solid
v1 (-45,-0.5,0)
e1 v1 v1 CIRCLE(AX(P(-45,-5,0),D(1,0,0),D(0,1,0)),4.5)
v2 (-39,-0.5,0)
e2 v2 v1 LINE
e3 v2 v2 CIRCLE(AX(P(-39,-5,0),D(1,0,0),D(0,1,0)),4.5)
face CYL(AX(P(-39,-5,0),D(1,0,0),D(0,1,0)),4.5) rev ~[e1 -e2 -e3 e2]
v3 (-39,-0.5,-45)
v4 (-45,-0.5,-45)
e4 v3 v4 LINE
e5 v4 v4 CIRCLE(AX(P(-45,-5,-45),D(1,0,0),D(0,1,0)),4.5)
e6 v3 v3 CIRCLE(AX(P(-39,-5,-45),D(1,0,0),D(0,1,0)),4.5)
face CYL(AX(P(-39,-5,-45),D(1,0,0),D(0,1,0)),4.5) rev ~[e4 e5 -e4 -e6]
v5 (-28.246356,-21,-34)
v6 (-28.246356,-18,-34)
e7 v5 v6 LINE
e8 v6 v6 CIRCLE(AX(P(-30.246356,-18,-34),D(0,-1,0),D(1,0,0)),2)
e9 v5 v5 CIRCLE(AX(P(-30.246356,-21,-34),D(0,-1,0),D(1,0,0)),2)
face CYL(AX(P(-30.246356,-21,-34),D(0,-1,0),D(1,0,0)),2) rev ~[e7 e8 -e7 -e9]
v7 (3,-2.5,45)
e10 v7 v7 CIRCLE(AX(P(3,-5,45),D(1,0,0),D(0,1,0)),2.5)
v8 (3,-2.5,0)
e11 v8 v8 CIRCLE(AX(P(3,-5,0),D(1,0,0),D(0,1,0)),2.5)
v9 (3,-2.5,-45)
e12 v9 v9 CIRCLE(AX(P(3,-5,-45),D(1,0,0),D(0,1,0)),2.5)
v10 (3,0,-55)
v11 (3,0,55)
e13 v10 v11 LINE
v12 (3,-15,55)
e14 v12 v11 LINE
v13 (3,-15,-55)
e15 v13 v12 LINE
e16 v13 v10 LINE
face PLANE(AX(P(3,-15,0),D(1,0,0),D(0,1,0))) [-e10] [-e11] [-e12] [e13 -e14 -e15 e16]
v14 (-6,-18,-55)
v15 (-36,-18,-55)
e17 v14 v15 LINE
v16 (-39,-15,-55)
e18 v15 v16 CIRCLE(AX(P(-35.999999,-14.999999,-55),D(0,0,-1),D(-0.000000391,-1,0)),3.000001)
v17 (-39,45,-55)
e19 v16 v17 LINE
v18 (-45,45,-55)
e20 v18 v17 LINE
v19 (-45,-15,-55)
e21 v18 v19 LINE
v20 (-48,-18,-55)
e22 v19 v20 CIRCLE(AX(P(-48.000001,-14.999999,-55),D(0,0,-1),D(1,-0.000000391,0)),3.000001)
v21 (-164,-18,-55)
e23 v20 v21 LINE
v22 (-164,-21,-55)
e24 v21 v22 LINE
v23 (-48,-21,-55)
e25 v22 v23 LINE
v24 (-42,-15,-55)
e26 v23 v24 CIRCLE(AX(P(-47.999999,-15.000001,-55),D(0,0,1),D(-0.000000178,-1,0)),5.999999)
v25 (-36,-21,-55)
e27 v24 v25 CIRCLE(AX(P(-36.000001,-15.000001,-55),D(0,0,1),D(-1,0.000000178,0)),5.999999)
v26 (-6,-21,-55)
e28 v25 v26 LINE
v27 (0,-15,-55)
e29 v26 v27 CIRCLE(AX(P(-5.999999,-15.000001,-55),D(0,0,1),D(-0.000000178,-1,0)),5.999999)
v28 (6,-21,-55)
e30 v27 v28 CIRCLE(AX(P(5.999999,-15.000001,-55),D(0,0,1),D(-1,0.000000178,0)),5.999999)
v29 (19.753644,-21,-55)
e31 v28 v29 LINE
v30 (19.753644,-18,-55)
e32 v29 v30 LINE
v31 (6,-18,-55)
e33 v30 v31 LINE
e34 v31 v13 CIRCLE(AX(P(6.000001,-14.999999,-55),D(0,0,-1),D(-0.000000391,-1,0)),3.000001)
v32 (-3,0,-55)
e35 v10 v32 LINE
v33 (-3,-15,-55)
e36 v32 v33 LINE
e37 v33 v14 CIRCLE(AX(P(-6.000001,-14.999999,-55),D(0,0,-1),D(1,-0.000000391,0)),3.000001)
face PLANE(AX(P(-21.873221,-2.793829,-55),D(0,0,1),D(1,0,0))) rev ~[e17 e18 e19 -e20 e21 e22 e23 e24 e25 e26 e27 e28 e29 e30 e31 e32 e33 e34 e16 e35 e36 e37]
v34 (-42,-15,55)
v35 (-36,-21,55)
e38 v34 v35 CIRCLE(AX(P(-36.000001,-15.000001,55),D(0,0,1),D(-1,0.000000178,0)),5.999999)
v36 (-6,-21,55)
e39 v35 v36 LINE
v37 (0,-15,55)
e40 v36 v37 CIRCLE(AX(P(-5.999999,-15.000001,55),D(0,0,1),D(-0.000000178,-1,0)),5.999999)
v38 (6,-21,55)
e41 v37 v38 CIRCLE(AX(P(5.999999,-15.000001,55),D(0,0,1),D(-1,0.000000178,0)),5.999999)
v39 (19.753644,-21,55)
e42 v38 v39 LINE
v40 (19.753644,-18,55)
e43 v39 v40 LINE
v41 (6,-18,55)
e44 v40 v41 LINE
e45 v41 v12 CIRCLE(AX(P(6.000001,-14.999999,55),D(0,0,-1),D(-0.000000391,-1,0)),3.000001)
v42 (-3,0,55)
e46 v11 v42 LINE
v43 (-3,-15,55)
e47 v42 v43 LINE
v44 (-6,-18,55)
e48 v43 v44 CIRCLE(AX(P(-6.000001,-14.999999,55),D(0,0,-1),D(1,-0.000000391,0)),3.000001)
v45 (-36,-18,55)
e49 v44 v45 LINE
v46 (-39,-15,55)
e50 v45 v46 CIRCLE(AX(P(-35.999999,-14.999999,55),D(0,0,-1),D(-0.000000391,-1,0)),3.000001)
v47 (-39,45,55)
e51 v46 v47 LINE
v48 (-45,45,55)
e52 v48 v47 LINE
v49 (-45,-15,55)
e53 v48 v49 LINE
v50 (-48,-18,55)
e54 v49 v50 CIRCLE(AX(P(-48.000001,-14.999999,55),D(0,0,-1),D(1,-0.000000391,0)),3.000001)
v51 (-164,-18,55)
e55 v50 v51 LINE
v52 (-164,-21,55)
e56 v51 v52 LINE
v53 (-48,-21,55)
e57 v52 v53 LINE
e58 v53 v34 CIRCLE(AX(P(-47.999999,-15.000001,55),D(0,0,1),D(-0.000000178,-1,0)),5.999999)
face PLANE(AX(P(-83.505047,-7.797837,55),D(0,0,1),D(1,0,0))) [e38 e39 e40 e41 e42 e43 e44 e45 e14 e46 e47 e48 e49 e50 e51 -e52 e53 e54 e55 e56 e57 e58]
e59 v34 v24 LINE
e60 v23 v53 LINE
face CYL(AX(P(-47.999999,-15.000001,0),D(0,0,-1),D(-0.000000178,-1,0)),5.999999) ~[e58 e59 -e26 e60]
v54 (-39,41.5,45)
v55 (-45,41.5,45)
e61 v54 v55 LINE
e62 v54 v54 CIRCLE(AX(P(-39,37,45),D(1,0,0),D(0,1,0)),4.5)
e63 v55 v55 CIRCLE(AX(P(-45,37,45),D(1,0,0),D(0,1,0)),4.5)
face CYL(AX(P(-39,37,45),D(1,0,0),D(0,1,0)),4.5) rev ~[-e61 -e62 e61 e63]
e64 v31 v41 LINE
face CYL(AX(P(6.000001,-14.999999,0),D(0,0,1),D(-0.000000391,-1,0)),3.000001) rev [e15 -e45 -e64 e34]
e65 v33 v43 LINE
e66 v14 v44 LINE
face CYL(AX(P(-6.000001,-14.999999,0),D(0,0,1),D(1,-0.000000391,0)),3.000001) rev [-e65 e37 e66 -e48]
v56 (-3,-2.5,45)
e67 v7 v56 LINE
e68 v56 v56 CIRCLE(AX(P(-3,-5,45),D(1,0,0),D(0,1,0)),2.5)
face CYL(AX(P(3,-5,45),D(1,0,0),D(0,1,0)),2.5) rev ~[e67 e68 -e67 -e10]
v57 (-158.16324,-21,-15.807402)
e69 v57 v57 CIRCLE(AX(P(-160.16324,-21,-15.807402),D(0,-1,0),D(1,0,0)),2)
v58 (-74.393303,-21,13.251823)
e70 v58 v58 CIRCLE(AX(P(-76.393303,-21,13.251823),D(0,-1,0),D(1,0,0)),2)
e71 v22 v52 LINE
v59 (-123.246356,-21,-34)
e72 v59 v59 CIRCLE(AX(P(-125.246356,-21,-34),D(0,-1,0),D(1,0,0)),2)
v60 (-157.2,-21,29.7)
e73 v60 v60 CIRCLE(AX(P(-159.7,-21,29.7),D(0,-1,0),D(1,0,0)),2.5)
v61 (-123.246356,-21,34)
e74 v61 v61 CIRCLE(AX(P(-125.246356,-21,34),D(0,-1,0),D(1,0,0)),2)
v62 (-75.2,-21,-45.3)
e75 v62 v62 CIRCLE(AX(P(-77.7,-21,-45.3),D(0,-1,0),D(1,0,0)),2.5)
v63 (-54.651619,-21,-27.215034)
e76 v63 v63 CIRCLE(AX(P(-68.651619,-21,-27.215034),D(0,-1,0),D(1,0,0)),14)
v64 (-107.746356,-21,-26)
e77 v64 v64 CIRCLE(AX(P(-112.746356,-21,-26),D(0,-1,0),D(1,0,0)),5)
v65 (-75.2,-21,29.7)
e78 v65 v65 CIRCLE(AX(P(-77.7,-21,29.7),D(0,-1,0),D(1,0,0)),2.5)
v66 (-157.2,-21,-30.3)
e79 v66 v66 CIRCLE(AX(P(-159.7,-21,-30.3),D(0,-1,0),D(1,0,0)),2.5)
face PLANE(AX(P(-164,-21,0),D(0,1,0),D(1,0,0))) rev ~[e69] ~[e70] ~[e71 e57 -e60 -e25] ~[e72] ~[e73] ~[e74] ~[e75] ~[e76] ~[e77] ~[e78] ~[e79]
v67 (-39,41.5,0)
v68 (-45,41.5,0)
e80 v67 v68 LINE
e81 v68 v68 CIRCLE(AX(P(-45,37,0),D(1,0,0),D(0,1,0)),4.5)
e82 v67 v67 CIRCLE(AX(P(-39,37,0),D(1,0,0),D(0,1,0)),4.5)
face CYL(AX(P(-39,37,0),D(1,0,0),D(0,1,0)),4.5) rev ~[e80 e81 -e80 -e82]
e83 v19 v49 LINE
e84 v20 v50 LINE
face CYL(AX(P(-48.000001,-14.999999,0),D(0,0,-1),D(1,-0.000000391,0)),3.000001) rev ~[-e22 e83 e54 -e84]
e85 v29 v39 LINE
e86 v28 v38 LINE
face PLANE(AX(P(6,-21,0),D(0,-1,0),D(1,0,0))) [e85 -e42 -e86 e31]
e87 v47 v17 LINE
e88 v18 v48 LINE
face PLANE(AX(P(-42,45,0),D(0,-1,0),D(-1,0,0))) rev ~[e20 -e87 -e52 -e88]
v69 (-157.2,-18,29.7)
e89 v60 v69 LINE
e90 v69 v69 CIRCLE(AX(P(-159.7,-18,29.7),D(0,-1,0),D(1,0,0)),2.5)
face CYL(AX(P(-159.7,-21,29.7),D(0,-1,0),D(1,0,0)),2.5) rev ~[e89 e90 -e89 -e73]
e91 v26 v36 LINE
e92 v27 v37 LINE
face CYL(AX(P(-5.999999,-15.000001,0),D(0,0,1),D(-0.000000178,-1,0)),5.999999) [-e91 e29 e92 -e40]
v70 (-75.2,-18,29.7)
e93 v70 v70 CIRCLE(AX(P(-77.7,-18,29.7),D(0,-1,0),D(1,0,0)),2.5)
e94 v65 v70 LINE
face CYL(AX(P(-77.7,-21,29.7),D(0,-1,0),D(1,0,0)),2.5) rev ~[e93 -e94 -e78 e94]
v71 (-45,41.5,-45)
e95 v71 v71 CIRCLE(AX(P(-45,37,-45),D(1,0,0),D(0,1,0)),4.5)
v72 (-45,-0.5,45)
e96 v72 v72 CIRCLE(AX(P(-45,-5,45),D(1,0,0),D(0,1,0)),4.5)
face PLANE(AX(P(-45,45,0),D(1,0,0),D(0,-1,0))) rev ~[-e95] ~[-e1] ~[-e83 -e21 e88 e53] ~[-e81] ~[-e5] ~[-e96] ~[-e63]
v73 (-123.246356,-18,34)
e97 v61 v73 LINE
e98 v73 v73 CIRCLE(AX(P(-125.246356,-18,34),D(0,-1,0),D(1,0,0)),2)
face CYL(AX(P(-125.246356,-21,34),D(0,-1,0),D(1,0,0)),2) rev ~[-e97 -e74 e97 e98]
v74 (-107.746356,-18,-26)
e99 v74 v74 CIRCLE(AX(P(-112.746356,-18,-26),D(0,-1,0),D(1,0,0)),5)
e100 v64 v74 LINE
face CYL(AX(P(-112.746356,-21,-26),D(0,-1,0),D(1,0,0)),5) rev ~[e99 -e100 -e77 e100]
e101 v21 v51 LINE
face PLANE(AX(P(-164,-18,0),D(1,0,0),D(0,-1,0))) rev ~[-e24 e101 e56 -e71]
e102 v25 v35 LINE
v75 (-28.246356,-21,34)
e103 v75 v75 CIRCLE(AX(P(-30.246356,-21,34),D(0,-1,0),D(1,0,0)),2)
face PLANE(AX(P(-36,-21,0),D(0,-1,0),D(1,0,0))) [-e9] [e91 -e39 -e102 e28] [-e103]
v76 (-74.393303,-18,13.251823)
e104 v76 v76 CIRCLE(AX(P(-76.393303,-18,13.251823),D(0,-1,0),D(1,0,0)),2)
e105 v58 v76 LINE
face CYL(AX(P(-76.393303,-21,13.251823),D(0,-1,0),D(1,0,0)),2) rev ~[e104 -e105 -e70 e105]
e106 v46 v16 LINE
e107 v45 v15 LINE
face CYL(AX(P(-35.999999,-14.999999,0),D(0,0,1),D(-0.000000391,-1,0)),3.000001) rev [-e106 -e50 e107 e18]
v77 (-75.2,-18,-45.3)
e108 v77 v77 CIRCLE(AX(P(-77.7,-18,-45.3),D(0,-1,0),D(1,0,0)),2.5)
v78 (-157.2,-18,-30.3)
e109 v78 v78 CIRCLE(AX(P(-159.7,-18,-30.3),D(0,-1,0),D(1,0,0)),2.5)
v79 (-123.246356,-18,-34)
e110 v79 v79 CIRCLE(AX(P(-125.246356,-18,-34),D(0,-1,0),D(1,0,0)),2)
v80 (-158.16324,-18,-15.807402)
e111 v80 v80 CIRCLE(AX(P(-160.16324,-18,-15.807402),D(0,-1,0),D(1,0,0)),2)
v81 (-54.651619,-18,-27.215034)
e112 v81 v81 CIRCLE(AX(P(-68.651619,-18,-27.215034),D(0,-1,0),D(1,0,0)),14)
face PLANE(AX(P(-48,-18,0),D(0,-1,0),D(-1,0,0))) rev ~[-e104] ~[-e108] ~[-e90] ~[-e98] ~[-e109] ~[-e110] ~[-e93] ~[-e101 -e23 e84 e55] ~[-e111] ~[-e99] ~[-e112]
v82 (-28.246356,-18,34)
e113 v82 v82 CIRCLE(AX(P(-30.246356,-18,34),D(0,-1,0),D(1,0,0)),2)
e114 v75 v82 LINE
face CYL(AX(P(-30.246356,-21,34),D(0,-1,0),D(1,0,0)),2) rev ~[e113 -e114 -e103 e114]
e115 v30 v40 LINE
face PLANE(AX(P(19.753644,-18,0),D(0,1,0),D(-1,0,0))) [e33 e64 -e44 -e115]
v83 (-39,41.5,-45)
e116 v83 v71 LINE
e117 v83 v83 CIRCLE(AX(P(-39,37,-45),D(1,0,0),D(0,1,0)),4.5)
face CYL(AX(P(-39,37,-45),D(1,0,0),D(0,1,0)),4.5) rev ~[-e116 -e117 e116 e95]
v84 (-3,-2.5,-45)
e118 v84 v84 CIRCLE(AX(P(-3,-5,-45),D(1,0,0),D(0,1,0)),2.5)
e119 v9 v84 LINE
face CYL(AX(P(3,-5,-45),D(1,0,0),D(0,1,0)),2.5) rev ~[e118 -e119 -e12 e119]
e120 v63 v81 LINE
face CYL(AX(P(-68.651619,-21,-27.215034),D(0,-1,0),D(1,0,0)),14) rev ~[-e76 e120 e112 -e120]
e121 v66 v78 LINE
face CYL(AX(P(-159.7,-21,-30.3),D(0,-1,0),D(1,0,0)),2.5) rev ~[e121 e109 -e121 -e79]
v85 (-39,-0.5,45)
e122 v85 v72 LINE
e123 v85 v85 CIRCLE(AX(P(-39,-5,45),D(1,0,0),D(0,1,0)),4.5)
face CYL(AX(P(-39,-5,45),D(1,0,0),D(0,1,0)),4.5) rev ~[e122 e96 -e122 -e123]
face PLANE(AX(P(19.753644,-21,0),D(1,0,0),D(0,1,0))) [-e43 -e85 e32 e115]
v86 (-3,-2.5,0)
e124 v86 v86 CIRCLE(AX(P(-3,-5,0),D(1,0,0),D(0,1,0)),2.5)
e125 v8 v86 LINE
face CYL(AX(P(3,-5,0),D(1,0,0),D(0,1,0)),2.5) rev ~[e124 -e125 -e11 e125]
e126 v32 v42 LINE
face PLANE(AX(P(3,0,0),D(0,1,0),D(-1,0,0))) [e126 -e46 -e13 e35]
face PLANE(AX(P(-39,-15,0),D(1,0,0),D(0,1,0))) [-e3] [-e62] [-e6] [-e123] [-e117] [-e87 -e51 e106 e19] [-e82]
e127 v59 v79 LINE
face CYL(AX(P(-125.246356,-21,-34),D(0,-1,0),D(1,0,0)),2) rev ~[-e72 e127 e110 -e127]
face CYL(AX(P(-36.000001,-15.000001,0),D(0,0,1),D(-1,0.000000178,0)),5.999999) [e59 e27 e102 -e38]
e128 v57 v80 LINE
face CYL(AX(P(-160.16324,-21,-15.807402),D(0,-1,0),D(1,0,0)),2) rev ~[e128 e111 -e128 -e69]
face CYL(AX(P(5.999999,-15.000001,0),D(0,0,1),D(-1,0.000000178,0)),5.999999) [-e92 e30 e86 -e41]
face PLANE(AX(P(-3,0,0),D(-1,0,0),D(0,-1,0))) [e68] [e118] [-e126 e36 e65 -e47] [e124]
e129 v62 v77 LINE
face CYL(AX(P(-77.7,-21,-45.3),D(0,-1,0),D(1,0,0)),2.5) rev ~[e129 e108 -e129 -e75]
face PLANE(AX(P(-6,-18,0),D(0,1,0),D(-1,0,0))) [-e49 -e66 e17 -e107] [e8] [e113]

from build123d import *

# Parameters (mm, degrees)
F1_DEPTH      = 55
F1_DEPTH_BACK = 55
F2_R          = 2.5
F3_DEPTH      = 45.001
F5_DEPTH      = 55
F5_DEPTH_BACK = 55
F6_R          = 4.5
F7_DEPTH      = 6
F8_R          = 4.5
F9_DEPTH      = 6
F10_R         = 2
F11_DEPTH     = 3
F12_R         = 14
F13_DEPTH     = 3
F14_R         = 2.5
F15_DEPTH     = 3
F16_R         = 5
F17_DEPTH     = 3
F18_R         = 2
F19_DEPTH     = 3


with BuildPart() as f1:
    # F0 (on Top) → F1 (new body, two sides)
    with BuildSketch(Plane.XY) as f1_sk:
        with BuildLine():
            Line((-39, 45), (-42, 45))
            Line((-42, 45), (-42, -15))
            ThreePointArc((-42, -15), (-40.242641, -19.242641), (-36, -21))
            Line((-36, -21), (-6, -21))
            ThreePointArc((-6, -21), (-1.757359, -19.242641), (0, -15))
            ThreePointArc((0, -15), (1.757359, -19.242641), (6, -21))
            Line((6, -21), (19.753644, -21))
            Line((19.753644, -21), (19.753644, -18))
            Line((19.753644, -18), (6, -18))
            ThreePointArc((6, -18), (3.87868, -17.12132), (3, -15))
            Line((3, -15), (3, 0))
            Line((3, 0), (-3, 0))
            Line((-3, 0), (-3, -15))
            ThreePointArc((-3, -15), (-3.87868, -17.12132), (-6, -18))
            Line((-6, -18), (-36, -18))
            ThreePointArc((-36, -18), (-38.12132, -17.12132), (-39, -15))
            Line((-39, -15), (-39, 45))
        make_face()
    extrude(amount=F1_DEPTH)
    extrude(f1_sk.sketch, amount=-F1_DEPTH_BACK)

    # F2 (on face) → F3 (cut, through all)
    with BuildSketch(Plane.YZ.offset(3)):
        with Locations((-5, 45)):
            Circle(F2_R)
        with Locations((-5, 0)):
            Circle(F2_R)
        with Locations((-5, -45)):
            Circle(F2_R)
    extrude(amount=-F3_DEPTH, mode=Mode.SUBTRACT)

    # F4 (on Top) → F5 (join, two sides)
    with BuildSketch(Plane.XY) as f5_sk:
        with BuildLine():
            Line((-42, -15), (-42, 45))
            Line((-42, 45), (-45, 45))
            Line((-45, 45), (-45, -15))
            ThreePointArc((-45, -15), (-45.87868, -17.12132), (-48, -18))
            Line((-48, -18), (-164, -18))
            Line((-164, -18), (-164, -21))
            Line((-164, -21), (-48, -21))
            ThreePointArc((-48, -21), (-43.757359, -19.242641), (-42, -15))
        make_face()
    extrude(amount=F5_DEPTH)
    extrude(f5_sk.sketch, amount=-F5_DEPTH_BACK)

    # F6 (on face) → F7 (cut)
    with BuildSketch(Plane.YZ.offset(-39)):
        with Locations((-5, 45)):
            Circle(F6_R)
        with Locations((-5, 0)):
            Circle(F6_R)
        with Locations((-5, -45)):
            Circle(F6_R)
    extrude(amount=-F7_DEPTH, mode=Mode.SUBTRACT)

    # F8 (on face) → F9 (cut)
    with BuildSketch(Plane.YZ.offset(-39)):
        with Locations((37, 0)):
            Circle(F8_R)
        with Locations((37, -45)):
            Circle(F8_R)
        with Locations((37, 45)):
            Circle(F8_R)
    extrude(amount=-F9_DEPTH, mode=Mode.SUBTRACT)

    # F10 (on face) → F11 (cut)
    with BuildSketch(Plane.XZ.offset(21)):
        with Locations((-30.246356, -34)):
            Circle(F10_R)
        with Locations((-30.246356, 34)):
            Circle(F10_R)
        with Locations((-125.246356, 34)):
            Circle(F10_R)
        with Locations((-125.246356, -34)):
            Circle(F10_R)
    extrude(amount=-F11_DEPTH, mode=Mode.SUBTRACT)

    # F12 (on face) → F13 (cut)
    with BuildSketch(Plane.XZ.offset(21)):
        with Locations((-68.651619, -27.215034)):
            Circle(F12_R)
    extrude(amount=-F13_DEPTH, mode=Mode.SUBTRACT)

    # F14 (on face) → F15 (cut)
    with BuildSketch(Plane.XZ.offset(21)):
        with Locations((-159.7, 29.7)):
            Circle(F14_R)
        with Locations((-159.7, -30.3)):
            Circle(F14_R)
        with Locations((-77.7, 29.7)):
            Circle(F14_R)
        with Locations((-77.7, -45.3)):
            Circle(F14_R)
    extrude(amount=-F15_DEPTH, mode=Mode.SUBTRACT)

    # F16 (on face) → F17 (cut)
    with BuildSketch(Plane.XZ.offset(21)):
        with Locations((-112.746356, -26)):
            Circle(F16_R)
    extrude(amount=-F17_DEPTH, mode=Mode.SUBTRACT)

    # F18 (on face) → F19 (cut)
    with BuildSketch(Plane.XZ.offset(21)):
        with Locations((-76.393303, 13.251823)):
            Circle(F18_R)
        with Locations((-160.16324, -15.807402)):
            Circle(F18_R)
    extrude(amount=-F19_DEPTH, mode=Mode.SUBTRACT)


solid = f1.part
